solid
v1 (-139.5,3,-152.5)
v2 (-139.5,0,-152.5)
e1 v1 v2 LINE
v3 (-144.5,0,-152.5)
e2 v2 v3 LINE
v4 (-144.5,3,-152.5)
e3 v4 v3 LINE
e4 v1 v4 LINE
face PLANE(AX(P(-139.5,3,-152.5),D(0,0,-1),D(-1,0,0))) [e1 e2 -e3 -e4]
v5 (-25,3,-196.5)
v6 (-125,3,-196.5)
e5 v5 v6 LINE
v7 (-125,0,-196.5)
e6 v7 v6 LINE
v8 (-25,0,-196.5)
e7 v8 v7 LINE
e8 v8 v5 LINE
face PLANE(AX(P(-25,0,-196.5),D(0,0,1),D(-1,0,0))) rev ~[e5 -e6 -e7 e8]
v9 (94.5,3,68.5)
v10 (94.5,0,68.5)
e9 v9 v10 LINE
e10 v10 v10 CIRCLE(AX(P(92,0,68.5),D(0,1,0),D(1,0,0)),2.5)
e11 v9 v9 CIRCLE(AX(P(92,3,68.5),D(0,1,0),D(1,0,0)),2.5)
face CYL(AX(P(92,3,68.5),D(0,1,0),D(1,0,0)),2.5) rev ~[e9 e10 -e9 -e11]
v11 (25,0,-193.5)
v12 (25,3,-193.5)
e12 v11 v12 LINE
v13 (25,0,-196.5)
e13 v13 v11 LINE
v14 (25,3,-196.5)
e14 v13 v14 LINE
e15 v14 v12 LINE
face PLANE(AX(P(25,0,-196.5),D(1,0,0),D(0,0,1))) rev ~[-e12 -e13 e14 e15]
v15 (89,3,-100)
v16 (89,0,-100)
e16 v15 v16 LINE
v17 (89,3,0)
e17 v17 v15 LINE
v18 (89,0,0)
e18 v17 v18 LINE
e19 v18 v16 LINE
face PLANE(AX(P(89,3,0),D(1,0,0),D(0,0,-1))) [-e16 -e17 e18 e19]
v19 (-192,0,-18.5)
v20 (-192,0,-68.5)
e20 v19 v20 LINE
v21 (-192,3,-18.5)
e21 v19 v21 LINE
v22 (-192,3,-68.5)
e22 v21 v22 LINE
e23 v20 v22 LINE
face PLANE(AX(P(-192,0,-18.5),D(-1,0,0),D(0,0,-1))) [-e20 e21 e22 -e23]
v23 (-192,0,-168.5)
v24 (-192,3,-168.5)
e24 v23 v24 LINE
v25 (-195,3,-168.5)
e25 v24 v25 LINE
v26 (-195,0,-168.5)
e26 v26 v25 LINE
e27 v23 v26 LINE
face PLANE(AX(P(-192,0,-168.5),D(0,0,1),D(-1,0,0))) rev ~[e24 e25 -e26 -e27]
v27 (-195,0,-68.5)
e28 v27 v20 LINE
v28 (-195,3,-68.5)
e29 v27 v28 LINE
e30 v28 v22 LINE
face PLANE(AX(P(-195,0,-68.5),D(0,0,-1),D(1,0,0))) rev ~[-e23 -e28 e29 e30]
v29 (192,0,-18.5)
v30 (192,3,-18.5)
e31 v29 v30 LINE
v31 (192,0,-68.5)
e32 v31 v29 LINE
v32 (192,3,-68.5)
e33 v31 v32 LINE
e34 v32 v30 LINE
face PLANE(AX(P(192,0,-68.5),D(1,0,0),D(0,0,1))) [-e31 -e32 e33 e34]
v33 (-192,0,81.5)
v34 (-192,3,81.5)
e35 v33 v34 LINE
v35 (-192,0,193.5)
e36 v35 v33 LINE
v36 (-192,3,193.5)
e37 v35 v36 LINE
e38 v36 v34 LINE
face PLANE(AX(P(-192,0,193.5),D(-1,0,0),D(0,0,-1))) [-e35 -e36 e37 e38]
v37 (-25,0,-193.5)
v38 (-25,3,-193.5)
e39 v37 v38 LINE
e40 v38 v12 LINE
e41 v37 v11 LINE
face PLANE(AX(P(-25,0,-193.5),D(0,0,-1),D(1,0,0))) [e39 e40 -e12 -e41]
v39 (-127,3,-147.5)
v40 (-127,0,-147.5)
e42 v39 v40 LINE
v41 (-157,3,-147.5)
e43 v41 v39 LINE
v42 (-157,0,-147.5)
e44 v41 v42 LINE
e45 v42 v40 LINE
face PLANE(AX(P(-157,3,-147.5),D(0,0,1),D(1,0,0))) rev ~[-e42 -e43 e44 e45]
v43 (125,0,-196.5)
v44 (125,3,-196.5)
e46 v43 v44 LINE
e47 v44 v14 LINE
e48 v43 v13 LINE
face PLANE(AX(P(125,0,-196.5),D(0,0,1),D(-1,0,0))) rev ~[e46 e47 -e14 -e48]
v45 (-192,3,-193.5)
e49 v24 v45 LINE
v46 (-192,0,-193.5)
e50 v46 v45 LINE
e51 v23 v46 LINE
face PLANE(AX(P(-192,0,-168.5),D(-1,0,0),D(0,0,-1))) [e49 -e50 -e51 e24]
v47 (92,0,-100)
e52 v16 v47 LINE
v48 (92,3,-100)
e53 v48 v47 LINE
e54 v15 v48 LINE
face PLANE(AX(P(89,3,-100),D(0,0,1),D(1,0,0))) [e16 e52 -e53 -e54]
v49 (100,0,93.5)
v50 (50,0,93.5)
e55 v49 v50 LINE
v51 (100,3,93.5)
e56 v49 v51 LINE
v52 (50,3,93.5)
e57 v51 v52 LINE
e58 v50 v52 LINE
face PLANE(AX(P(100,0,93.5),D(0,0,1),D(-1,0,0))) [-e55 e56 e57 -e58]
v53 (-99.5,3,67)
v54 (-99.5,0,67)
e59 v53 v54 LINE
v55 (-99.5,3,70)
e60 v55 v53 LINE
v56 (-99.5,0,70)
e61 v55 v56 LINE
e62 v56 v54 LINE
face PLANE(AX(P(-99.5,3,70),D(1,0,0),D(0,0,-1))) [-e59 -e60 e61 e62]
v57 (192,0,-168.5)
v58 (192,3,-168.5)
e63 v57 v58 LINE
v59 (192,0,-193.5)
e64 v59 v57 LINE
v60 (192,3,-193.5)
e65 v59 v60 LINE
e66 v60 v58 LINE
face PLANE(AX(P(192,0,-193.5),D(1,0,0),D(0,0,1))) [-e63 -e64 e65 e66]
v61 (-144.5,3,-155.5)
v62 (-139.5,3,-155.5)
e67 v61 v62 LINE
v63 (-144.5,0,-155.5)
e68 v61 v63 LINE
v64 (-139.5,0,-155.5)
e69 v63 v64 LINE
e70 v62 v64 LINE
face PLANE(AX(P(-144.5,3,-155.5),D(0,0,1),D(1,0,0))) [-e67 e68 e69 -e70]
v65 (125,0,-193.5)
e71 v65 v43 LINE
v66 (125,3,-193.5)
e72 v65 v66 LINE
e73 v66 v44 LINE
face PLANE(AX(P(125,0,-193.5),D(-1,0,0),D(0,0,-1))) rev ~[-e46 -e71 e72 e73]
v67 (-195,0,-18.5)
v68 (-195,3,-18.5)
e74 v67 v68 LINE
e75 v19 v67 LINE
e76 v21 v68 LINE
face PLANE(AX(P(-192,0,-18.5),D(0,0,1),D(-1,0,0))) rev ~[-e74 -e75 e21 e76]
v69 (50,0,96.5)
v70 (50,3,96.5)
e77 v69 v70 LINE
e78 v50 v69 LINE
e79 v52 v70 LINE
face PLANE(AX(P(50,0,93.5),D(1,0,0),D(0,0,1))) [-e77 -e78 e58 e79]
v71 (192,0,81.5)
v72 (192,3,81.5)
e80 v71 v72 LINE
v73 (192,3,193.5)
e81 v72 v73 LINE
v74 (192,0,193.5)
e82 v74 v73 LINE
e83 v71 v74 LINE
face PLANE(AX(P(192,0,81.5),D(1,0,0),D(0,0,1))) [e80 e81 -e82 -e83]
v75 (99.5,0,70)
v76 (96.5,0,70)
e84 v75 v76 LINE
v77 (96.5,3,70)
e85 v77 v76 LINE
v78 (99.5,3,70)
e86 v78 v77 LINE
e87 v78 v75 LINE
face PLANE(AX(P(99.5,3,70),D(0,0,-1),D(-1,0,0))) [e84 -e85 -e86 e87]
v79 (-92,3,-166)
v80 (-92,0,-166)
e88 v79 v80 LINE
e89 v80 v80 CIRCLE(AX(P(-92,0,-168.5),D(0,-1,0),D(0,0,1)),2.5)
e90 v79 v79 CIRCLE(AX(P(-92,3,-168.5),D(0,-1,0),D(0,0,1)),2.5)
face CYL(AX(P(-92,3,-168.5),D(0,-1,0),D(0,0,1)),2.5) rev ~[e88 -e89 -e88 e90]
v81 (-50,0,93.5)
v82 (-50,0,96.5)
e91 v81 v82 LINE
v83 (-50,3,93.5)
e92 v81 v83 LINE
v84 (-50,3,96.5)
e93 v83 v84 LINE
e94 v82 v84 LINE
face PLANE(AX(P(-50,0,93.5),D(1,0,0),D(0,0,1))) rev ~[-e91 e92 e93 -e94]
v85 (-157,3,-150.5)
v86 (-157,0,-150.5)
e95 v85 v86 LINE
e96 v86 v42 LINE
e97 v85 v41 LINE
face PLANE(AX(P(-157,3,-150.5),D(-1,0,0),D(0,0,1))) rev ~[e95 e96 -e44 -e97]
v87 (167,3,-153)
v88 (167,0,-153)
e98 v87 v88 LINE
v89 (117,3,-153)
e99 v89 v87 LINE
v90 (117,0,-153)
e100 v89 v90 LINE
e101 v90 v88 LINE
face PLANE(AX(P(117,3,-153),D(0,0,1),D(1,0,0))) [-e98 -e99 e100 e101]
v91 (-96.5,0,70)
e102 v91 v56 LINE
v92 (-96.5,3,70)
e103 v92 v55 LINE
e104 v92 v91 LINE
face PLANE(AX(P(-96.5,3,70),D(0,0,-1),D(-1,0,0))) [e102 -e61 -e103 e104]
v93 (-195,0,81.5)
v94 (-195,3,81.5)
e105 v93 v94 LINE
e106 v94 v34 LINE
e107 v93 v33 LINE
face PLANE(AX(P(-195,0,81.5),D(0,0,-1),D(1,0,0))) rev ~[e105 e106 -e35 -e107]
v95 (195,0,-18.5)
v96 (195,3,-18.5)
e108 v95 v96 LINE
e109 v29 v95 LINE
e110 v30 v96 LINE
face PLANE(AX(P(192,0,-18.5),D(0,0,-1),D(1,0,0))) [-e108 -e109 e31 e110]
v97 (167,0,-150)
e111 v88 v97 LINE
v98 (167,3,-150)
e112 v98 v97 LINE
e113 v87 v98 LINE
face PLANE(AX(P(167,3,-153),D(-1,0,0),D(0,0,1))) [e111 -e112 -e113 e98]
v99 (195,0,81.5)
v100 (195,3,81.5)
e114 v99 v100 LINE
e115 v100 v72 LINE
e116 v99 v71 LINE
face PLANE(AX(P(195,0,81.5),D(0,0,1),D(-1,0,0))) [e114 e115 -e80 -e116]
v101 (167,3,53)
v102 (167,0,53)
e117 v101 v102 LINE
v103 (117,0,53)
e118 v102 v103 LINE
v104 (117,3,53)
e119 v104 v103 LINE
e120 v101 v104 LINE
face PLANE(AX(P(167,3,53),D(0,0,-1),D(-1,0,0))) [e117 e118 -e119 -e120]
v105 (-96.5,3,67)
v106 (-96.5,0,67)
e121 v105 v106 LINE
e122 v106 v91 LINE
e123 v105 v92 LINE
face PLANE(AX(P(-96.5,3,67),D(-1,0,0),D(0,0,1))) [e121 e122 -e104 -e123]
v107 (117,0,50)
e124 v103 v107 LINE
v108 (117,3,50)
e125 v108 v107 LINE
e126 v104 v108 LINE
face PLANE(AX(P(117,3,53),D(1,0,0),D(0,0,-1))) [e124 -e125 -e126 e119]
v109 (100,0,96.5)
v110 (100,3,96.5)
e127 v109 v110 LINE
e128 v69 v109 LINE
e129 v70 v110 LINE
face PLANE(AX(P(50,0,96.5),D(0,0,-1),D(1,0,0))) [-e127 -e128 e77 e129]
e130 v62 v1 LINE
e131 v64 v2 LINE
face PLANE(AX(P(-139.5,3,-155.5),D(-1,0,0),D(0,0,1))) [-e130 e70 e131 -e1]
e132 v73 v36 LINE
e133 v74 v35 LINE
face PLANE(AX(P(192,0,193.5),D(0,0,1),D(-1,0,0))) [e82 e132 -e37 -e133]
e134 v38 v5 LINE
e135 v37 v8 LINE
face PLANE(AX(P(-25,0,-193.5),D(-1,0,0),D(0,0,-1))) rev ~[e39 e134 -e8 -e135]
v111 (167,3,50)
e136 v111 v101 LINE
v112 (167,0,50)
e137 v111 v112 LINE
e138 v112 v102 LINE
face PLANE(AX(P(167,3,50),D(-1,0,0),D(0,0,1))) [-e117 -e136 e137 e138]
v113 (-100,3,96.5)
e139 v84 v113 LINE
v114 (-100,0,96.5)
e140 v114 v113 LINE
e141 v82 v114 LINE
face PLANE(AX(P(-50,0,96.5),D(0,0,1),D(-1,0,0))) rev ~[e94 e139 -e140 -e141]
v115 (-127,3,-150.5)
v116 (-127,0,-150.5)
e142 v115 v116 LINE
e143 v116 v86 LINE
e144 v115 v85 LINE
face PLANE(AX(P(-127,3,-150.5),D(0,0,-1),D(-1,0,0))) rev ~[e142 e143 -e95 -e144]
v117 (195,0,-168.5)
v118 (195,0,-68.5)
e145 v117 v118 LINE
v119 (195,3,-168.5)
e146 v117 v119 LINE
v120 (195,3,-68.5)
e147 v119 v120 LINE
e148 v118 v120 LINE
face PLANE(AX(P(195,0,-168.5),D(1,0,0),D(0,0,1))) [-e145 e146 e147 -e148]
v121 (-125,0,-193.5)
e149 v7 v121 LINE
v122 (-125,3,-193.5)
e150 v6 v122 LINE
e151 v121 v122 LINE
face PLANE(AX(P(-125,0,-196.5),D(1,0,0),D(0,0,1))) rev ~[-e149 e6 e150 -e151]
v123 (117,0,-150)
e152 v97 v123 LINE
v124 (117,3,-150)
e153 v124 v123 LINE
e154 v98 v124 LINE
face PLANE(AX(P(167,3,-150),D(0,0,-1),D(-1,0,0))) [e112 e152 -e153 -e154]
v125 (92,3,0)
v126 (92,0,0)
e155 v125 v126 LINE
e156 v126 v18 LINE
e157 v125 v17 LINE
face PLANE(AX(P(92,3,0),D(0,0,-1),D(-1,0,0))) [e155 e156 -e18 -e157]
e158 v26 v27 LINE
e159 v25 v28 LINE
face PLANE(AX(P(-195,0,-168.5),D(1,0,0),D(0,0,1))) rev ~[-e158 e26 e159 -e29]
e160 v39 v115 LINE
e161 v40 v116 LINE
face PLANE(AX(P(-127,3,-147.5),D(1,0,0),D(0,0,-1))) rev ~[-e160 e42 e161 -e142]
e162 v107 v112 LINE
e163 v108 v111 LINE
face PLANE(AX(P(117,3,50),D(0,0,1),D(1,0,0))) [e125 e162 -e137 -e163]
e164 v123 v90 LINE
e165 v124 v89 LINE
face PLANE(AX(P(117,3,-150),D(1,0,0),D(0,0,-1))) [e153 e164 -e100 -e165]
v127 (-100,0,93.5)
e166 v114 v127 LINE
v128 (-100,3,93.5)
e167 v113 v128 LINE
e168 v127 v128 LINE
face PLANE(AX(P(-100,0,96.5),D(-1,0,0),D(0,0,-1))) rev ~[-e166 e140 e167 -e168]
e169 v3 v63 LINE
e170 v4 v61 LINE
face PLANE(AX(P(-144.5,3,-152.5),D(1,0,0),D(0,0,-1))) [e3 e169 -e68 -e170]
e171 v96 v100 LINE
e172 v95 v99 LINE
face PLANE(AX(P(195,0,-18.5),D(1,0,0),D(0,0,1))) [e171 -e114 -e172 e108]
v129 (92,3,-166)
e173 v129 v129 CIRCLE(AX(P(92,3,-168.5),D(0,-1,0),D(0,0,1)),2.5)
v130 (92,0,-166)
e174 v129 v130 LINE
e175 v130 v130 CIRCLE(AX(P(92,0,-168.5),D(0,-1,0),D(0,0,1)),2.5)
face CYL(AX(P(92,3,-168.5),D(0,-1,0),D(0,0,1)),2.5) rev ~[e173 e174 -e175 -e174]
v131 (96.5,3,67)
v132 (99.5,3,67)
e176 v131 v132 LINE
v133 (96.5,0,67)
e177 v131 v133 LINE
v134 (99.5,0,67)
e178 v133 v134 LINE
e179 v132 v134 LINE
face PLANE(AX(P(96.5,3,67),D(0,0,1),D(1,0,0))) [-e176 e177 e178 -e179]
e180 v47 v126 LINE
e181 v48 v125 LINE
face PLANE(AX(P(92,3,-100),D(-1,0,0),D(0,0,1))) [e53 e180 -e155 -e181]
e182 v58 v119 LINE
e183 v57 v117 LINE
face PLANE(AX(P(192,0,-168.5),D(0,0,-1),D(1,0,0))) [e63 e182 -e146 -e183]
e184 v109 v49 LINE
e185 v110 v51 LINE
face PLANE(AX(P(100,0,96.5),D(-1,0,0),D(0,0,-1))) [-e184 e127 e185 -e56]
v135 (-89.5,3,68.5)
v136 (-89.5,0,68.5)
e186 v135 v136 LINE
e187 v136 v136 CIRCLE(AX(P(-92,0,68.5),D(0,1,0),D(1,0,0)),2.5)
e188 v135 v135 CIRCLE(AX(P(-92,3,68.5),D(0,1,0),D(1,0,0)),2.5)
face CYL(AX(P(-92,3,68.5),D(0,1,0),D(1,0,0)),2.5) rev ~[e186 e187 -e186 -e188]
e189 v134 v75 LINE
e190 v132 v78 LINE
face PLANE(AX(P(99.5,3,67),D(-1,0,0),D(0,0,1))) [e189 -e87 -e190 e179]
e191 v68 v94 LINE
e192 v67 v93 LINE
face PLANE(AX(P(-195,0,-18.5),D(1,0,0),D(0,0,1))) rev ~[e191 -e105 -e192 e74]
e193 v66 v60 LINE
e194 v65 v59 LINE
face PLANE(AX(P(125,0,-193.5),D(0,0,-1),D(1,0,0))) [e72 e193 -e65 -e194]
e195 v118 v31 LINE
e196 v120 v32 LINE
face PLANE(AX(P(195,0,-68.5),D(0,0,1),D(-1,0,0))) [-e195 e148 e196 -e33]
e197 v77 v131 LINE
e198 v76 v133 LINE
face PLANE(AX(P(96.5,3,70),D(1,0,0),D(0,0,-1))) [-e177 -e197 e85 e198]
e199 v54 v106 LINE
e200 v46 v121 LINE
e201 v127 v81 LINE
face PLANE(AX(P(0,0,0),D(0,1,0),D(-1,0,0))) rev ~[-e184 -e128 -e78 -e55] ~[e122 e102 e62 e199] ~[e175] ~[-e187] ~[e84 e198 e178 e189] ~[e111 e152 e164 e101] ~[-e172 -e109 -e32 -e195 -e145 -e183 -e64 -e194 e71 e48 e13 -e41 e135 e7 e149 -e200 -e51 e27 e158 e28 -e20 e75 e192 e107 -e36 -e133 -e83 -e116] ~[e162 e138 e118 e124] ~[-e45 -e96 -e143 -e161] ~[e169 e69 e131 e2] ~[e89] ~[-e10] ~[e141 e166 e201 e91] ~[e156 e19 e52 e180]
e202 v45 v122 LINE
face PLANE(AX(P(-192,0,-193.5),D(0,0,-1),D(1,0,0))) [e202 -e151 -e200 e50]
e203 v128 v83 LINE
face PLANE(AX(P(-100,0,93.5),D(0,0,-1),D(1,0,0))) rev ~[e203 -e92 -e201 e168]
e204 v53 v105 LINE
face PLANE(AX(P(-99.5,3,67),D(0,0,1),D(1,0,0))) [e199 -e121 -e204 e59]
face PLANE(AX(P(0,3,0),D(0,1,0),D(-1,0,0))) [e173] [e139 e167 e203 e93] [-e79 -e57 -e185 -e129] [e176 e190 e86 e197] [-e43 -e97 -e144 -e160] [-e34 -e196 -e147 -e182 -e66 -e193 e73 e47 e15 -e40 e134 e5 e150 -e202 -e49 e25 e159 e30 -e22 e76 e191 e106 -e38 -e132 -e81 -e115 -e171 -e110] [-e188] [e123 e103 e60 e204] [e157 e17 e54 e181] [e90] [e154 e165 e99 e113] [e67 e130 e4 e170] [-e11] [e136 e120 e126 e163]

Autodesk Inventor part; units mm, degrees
ref_plane "YZ Plane" through (0, 0, 0) normal (1, 0, 0) x (0, 1, 0)
ref_plane "XZ Plane" through (0, 0, 0) normal (0, 1, 0) x (-1, 0, 0)
ref_plane "XY Plane" through (0, 0, 0) normal (0, 0, 1) x (1, 0, 0)
sketch "Boceto1" plane through (0, 0, 0) normal (0, 1, 0) x (-1, 0, 0)
  line L0 (-192, 193.5) -> (192, -193.5) construction
  line L1 (192, 193.5) -> (-192, -193.5) construction
  line L2 (-192, -168.5) -> (-195, -168.5)
  line L3 (-195, -168.5) -> (-195, -68.5)
  line L4 (-195, -68.5) -> (-192, -68.5)
  line L5 (-192, -193.5) -> (-192, -168.5)
  line L6 (-192, -18.5) -> (-195, -18.5)
  line L7 (-195, -18.5) -> (-195, 81.5)
  line L8 (-195, 81.5) -> (-192, 81.5)
  line L9 (-192, -68.5) -> (-192, -18.5)
  line L10 (-192, 81.5) -> (-192, 193.5)
  line L11 (100, 93.5) -> (50, 93.5)
  line L12 (50, 93.5) -> (50, 96.5)
  line L13 (50, 96.5) -> (100, 96.5)
  line L14 (100, 96.5) -> (100, 93.5)
  line L15 (-50, 96.5) -> (-100, 96.5)
  line L16 (-100, 96.5) -> (-100, 93.5)
  line L17 (-100, 93.5) -> (-50, 93.5)
  line L18 (-50, 93.5) -> (-50, 96.5)
  line L19 (-125, -193.5) -> (-125, -196.5)
  line L20 (-125, -196.5) -> (-25, -196.5)
  line L21 (-25, -196.5) -> (-25, -193.5)
  line L22 (25, -193.5) -> (25, -196.5)
  line L23 (25, -196.5) -> (125, -196.5)
  line L24 (125, -196.5) -> (125, -193.5)
  line L25 (-125, -193.5) -> (-192, -193.5)
  line L26 (192, -193.5) -> (125, -193.5)
  line L27 (25, -193.5) -> (-25, -193.5)
  line L28 (-192, 193.5) -> (192, 193.5)
  line L29 (192, -168.5) -> (195, -168.5)
  line L30 (195, -168.5) -> (195, -68.5)
  line L31 (195, -68.5) -> (192, -68.5)
  line L32 (192, -18.5) -> (195, -18.5)
  line L33 (195, -18.5) -> (195, 81.5)
  line L34 (195, 81.5) -> (192, 81.5)
  line L35 (192, -168.5) -> (192, -193.5)
  line L36 (192, 193.5) -> (192, 81.5)
  line L37 (192, -18.5) -> (192, -68.5)
  point P0 (0, 0)
  dimension "d5" = 100
  dimension "d7" = 100
  dimension "d8" = 50
  dimension "d9" = 3
  dimension "d12" = 50
  dimension "d13" = 3
  dimension "d14" = 100
  dimension "d59" = 100
  dimension "d61" = 100
  dimension "d63" = 50
  dimension "d64" = 3
  dimension "d75" = 25
  dimension "d76" = 50
  dimension "d77" = 100
  dimension "d78" = 3
  dimension "d79" = 3
  dimension "d81" = 3
  dimension "d83" = 390
  dimension "d84" = 390
  dimension "d85" = 67
extrude "Extrusión2" add sketch "Boceto1" along normal blind 3
sketch "Boceto2" plane through (0, 3, 0) normal (0, 1, 0) x (1, 0, 0)
  line L0 (72, -93.5) -> (72, 193.5) construction
  line L1 (192, 193.5) -> (-192, 193.5) projected
  line L2 (50, -93.5) -> (100, -93.5) projected
  line L3 (72, 50) -> (192, 50) construction
  line L4 (192, 18.5) -> (192, 68.5) projected
  line L5 (117, 153) -> (167, 153)
  line L6 (167, 153) -> (167, 150)
  line L7 (167, 150) -> (117, 150)
  line L8 (117, 150) -> (117, 153)
  line L9 (117, -50) -> (167, -50)
  line L10 (167, -50) -> (167, -53)
  line L11 (167, -53) -> (117, -53)
  line L12 (117, -53) -> (117, -50)
  line L13 (89, 100) -> (92, 100)
  line L14 (92, 100) -> (92, 0)
  line L15 (92, 0) -> (89, 0)
  line L16 (89, 0) -> (89, 100)
  point P0 (0, 0)
  point P1 (92, 50)
  dimension "d18" = 120
  dimension "d19" = 50
  dimension "d20" = 3
  dimension "d21" = 50
  dimension "d22" = 3
  dimension "d23" = 100
  dimension "d24" = 100
  dimension "d25" = 25
  dimension "d26" = 3
  dimension "d27" = 100
  dimension "d28" = 28
extrude "Extrusión3" cut sketch "Boceto2" against normal blind 3
hole "Agujero1" at (92, 3, -168.5) direction (0, -1, 0) diameter 5 end through all
hole "Agujero2" at (-92, 3, -168.5) direction (0, -1, 0) diameter 5 end through all
sketch "Boceto3" plane through (0, 3, 0) normal (0, 1, 0) x (1, 0, 0)
  circle A0 centre (92, -68.5) radius 2.5
  circle A1 centre (-92, -68.5) radius 2.5
  line L0 (-192, 193.5) -> (-192, -193.5) projected
  line L1 (192, -193.5) -> (192, -81.5) projected
  line L2 (-100, -93.5) -> (-50, -93.5) projected
  line L3 (99.5, -70) -> (96.5, -70)
  line L4 (96.5, -70) -> (96.5, -67)
  line L5 (96.5, -67) -> (99.5, -67)
  line L6 (99.5, -67) -> (99.5, -70)
  line L7 (-96.5, -70) -> (-99.5, -70)
  line L8 (-99.5, -70) -> (-99.5, -67)
  line L9 (-99.5, -67) -> (-96.5, -67)
  line L10 (-96.5, -67) -> (-96.5, -70)
  point P0 (0, 0)
  point P1 (99.5, -68.5)
  point P2 (-96.5, -68.5)
  dimension "d49" = 5
  dimension "d50" = 5
  dimension "d51" = 100
  dimension "d52" = 25
  dimension "d54" = 100
  dimension "d98" = 3
  dimension "d99" = 3
  dimension "d101" = 4.5
  dimension "d102" = 3
  dimension "d103" = 3
  dimension "d105" = 4.5
extrude "Extrusión4" cut sketch "Boceto3" against normal blind 3
sketch "Boceto4" plane through (0, 3, 0) normal (0, 1, 0) x (1, 0, 0)
  line L0 (-127, 150.5) -> (-157, 150.5)
  line L1 (-157, 150.5) -> (-157, 147.5)
  line L2 (-157, 147.5) -> (-127, 147.5)
  line L3 (-127, 147.5) -> (-127, 150.5)
  line L4 (-192, 193.5) -> (-192, 168.5) projected
  line L5 (-127, -46.5) -> (-157, -46.5)
  line L6 (-157, -46.5) -> (-157, -49.5)
  line L7 (-157, -49.5) -> (-127, -49.5)
  line L8 (-127, -49.5) -> (-127, -46.5)
  line L9 (-125, 193.5) -> (-192, 193.5) projected
  line L10 (-139.5, 152.5) -> (-144.5, 152.5)
  line L11 (-144.5, 152.5) -> (-144.5, 155.5)
  line L12 (-144.5, 155.5) -> (-139.5, 155.5)
  line L13 (-139.5, 155.5) -> (-139.5, 152.5)
  point P0 (0, 0)
  point P1 (-142, 152.5)
  point P2 (-142, 150.5)
  dimension "d86" = 30
  dimension "d87" = 3
  dimension "d88" = 35
  dimension "d89" = 30
  dimension "d90" = 3
  dimension "d93" = 194
  dimension "d94" = 43
  dimension "d95" = 5
  dimension "d96" = 3
  dimension "d97" = 2
extrude "Extrusión5" cut sketch "Boceto4" against normal blind 3 contours L3 L2 L1 L0 | L10 L11 L12 L13
properties part number "Base"
